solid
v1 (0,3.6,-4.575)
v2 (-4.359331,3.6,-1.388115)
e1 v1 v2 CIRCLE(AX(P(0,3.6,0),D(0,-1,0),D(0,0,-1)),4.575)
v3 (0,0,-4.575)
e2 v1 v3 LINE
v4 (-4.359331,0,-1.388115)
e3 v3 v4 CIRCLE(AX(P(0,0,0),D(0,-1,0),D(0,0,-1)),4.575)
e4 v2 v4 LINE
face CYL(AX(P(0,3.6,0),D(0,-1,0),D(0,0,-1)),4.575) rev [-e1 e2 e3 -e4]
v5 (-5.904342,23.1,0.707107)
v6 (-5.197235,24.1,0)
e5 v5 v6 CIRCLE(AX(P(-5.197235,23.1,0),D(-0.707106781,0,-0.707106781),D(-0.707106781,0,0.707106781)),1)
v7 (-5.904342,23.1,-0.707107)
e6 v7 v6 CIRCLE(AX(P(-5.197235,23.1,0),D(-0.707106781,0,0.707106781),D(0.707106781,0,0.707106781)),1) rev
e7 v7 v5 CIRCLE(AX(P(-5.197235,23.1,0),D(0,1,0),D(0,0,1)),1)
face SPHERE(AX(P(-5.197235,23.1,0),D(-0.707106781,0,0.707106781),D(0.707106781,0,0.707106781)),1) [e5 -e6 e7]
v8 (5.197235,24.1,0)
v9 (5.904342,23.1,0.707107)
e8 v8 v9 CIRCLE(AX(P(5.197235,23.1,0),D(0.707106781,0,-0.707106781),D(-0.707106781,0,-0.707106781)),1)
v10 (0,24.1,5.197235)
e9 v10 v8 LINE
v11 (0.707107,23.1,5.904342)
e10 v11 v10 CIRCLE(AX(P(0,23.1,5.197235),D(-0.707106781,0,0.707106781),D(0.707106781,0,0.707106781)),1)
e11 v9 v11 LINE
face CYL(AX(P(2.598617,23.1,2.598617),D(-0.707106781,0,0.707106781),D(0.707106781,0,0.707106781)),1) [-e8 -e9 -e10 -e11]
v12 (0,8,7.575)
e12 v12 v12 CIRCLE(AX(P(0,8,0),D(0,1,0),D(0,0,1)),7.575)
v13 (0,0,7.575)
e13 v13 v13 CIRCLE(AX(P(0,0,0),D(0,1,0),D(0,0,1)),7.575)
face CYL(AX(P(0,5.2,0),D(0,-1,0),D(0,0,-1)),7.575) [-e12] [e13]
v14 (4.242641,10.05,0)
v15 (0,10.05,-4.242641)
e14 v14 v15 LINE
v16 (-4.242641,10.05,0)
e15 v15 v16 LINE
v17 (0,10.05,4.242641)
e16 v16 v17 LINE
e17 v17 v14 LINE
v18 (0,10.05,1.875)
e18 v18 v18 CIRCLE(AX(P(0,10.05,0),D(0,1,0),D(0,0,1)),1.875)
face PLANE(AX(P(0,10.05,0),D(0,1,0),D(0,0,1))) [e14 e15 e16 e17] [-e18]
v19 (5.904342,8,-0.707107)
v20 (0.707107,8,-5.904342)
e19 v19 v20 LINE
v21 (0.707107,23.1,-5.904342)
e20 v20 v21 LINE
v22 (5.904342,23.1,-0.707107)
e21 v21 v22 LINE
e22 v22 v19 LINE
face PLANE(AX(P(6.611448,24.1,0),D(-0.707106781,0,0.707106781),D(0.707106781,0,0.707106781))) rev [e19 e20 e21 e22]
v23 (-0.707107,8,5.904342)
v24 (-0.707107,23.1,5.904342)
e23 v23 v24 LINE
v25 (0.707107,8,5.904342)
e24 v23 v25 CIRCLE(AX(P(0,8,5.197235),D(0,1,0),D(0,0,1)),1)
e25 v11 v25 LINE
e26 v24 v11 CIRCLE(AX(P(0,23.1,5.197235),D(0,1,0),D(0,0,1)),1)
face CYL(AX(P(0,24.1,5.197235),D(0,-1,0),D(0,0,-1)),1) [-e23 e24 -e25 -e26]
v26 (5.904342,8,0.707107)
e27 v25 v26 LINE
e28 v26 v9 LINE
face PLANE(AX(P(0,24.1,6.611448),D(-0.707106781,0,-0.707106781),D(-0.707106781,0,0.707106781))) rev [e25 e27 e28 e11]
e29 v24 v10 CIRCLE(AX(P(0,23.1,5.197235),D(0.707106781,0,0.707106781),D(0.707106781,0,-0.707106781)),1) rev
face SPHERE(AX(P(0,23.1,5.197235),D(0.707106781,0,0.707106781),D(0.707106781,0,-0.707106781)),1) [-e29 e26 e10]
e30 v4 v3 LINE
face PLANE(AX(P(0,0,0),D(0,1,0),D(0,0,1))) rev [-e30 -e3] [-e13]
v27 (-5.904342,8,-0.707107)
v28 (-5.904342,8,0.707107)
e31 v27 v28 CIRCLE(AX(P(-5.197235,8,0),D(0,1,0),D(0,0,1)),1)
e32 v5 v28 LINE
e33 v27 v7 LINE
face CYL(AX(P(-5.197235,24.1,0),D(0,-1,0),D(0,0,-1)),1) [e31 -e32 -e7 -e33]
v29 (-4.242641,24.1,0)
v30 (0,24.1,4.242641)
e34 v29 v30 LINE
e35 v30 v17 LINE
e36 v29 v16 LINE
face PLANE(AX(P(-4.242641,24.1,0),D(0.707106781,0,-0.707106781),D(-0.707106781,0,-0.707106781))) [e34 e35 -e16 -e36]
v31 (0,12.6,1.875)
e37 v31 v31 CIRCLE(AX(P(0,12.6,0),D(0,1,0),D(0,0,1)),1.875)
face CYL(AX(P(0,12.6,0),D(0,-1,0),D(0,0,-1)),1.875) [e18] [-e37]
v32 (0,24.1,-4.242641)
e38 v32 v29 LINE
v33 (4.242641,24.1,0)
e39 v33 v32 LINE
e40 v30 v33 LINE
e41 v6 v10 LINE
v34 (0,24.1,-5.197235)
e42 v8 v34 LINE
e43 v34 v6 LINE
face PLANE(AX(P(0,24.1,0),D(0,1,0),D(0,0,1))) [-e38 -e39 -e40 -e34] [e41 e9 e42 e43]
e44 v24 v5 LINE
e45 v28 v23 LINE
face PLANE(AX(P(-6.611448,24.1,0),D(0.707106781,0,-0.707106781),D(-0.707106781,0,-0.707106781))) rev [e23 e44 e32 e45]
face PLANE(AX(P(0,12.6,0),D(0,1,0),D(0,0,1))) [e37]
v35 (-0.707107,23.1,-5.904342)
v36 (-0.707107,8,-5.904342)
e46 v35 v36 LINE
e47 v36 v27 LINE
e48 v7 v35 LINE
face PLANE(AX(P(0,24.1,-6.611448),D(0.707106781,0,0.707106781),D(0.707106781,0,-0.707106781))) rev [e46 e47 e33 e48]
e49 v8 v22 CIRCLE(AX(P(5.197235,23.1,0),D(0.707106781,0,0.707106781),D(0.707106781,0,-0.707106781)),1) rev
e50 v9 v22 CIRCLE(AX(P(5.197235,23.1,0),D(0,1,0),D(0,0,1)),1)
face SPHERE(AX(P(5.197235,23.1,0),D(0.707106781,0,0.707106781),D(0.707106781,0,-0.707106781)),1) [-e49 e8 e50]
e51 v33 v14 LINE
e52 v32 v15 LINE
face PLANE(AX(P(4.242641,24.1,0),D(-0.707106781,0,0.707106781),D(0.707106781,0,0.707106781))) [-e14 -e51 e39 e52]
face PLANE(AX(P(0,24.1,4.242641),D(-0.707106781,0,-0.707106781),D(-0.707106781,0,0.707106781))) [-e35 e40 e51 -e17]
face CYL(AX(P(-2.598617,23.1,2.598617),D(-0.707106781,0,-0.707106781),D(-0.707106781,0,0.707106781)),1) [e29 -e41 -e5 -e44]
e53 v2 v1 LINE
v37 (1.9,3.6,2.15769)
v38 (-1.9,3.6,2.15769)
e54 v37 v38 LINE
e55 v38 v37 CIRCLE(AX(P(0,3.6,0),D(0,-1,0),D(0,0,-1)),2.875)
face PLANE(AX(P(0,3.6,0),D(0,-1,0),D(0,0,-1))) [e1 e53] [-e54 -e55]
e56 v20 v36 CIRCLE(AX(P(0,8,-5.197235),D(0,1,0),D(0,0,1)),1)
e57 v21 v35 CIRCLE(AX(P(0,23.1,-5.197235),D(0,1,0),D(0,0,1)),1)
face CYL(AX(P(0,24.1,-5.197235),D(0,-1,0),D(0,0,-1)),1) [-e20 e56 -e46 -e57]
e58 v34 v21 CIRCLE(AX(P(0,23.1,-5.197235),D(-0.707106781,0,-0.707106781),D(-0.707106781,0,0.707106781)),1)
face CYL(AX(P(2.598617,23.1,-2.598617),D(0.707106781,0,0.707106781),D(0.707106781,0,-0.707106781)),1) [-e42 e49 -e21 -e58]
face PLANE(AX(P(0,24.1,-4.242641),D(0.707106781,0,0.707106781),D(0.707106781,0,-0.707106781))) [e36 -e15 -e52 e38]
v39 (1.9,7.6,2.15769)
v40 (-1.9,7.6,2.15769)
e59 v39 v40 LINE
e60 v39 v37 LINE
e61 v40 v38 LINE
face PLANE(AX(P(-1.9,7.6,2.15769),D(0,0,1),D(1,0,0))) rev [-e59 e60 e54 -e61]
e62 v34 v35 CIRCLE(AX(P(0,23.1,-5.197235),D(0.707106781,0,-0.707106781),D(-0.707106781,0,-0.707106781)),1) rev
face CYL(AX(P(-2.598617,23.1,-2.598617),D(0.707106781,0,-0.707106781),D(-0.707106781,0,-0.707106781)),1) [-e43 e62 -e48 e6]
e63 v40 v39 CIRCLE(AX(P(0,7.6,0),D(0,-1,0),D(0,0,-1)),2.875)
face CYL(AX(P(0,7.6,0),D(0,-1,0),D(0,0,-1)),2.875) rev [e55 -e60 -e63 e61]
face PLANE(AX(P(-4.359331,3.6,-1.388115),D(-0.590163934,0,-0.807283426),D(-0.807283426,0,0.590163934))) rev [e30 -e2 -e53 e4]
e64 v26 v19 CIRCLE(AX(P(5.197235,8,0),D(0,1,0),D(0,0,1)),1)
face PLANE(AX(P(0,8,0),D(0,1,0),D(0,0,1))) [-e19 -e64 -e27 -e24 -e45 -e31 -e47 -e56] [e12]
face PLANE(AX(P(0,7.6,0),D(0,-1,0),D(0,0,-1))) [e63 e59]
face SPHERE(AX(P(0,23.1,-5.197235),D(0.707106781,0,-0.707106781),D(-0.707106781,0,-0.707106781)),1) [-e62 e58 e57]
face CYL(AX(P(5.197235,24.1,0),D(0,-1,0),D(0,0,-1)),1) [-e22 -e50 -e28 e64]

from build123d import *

# Parameters (mm, degrees)
SKETCH1_R           = 7.575
BOSS_EXTRUDE1_DEPTH = 5.2
CUT_EXTRUDE1_DEPTH  = 3.6
BOSS_EXTRUDE2_DEPTH = 18.9
FILLET1_R           = 1
BOSS_EXTRUDE3_DEPTH = 4.85
SKETCH6_R           = 1.875
BOSS_EXTRUDE4_DEPTH = 2.55
CUT_EXTRUDE2_DEPTH  = 4
SKETCH7_R           = 7.575
BOSS_EXTRUDE5_DEPTH = 2.8


with BuildPart() as part:
    # Sketch1 → Boss-Extrude1 (new body)
    with BuildSketch(Plane(origin=(0, 0, 0), x_dir=(1, 0, 0), z_dir=(0, 1, 0))):
        Circle(SKETCH1_R)
    extrude(amount=BOSS_EXTRUDE1_DEPTH)

    # Sketch2 → Cut-Extrude1 (cut)
    with BuildSketch(Plane.XZ):
        with BuildLine():
            Line((-4.359330502, -1.388114754), (0, -4.575))
            ThreePointArc((0, -4.575), (2.7, 3.693321676), (-4.359330502, -1.388114754))
        make_face()
    extrude(amount=-CUT_EXTRUDE1_DEPTH, mode=Mode.SUBTRACT)

    # Sketch4 → Boss-Extrude2 (add)
    with BuildSketch(Plane(origin=(0, 5.2, 0), x_dir=(1, 0, 0), z_dir=(0, 1, 0))):
        Polygon((6.611448404, 0), (0, 6.611448404), (-6.611448404, 0), (0, -6.611448404), align=None)
        Polygon((4.242640687, 0), (0, 4.242640687), (-4.242640687, 0), (0, -4.242640687), align=None, mode=Mode.SUBTRACT)
    extrude(amount=BOSS_EXTRUDE2_DEPTH)

    # Fillet1
    fillet1_edges = [part.edges().sort_by_distance(p)[0] for p in [
        (3.305724202, 24.1, 3.305724202),
        (3.305724202, 24.1, -3.305724202),
        (-3.305724202, 24.1, -3.305724202),
        (-3.305724202, 24.1, 3.305724202),
        (0, 14.65, 6.611448404),
        (6.611448404, 14.65, 0),
        (0, 14.65, -6.611448404),
        (-6.611448404, 14.65, 0),
    ]]
    fillet(fillet1_edges, radius=FILLET1_R)

    # Sketch5 → Boss-Extrude3 (add)
    with BuildSketch(Plane(origin=(0, 5.2, 0), x_dir=(1, 0, 0), z_dir=(0, 1, 0))):
        Polygon((0, -4.242640687), (4.242640687, 0), (0, 4.242640687), (-4.242640687, 0), align=None)
    extrude(amount=BOSS_EXTRUDE3_DEPTH)

    # Sketch6 → Boss-Extrude4 (add)
    with BuildSketch(Plane(origin=(0, 10.05, 0), x_dir=(1, 0, 0), z_dir=(0, 1, 0))):
        Circle(SKETCH6_R)
    extrude(amount=BOSS_EXTRUDE4_DEPTH)

    # Sketch3 → Cut-Extrude2 (cut)
    with BuildSketch(Plane.XZ.offset(-3.6)):
        with BuildLine():
            Line((-1.9, 2.157689737), (1.9, 2.157689737))
            ThreePointArc((1.9, 2.157689737), (0, -2.875), (-1.9, 2.157689737))
        make_face()
    extrude(amount=-CUT_EXTRUDE2_DEPTH, mode=Mode.SUBTRACT)

    # Sketch7 → Boss-Extrude5 (add)
    with BuildSketch(Plane(origin=(0, 5.2, 0), x_dir=(1, 0, 0), z_dir=(0, 1, 0))):
        Circle(SKETCH7_R)
        with BuildLine():
            Line((-5.904341623, -0.707106781), (-0.707106781, -5.904341623))
            ThreePointArc((-0.707106781, -5.904341623), (0, -6.197234842), (0.707106781, -5.904341623))
            Line((0.707106781, -5.904341623), (5.904341623, -0.707106781))
            ThreePointArc((5.904341623, -0.707106781), (6.197234842, 0), (5.904341623, 0.707106781))
            Line((5.904341623, 0.707106781), (0.707106781, 5.904341623))
            ThreePointArc((0.707106781, 5.904341623), (0, 6.197234842), (-0.707106781, 5.904341623))
            Line((-0.707106781, 5.904341623), (-5.904341623, 0.707106781))
            ThreePointArc((-5.904341623, 0.707106781), (-6.197234842, 0), (-5.904341623, -0.707106781))
        make_face(mode=Mode.SUBTRACT)
    extrude(amount=BOSS_EXTRUDE5_DEPTH)


solid = part.part
